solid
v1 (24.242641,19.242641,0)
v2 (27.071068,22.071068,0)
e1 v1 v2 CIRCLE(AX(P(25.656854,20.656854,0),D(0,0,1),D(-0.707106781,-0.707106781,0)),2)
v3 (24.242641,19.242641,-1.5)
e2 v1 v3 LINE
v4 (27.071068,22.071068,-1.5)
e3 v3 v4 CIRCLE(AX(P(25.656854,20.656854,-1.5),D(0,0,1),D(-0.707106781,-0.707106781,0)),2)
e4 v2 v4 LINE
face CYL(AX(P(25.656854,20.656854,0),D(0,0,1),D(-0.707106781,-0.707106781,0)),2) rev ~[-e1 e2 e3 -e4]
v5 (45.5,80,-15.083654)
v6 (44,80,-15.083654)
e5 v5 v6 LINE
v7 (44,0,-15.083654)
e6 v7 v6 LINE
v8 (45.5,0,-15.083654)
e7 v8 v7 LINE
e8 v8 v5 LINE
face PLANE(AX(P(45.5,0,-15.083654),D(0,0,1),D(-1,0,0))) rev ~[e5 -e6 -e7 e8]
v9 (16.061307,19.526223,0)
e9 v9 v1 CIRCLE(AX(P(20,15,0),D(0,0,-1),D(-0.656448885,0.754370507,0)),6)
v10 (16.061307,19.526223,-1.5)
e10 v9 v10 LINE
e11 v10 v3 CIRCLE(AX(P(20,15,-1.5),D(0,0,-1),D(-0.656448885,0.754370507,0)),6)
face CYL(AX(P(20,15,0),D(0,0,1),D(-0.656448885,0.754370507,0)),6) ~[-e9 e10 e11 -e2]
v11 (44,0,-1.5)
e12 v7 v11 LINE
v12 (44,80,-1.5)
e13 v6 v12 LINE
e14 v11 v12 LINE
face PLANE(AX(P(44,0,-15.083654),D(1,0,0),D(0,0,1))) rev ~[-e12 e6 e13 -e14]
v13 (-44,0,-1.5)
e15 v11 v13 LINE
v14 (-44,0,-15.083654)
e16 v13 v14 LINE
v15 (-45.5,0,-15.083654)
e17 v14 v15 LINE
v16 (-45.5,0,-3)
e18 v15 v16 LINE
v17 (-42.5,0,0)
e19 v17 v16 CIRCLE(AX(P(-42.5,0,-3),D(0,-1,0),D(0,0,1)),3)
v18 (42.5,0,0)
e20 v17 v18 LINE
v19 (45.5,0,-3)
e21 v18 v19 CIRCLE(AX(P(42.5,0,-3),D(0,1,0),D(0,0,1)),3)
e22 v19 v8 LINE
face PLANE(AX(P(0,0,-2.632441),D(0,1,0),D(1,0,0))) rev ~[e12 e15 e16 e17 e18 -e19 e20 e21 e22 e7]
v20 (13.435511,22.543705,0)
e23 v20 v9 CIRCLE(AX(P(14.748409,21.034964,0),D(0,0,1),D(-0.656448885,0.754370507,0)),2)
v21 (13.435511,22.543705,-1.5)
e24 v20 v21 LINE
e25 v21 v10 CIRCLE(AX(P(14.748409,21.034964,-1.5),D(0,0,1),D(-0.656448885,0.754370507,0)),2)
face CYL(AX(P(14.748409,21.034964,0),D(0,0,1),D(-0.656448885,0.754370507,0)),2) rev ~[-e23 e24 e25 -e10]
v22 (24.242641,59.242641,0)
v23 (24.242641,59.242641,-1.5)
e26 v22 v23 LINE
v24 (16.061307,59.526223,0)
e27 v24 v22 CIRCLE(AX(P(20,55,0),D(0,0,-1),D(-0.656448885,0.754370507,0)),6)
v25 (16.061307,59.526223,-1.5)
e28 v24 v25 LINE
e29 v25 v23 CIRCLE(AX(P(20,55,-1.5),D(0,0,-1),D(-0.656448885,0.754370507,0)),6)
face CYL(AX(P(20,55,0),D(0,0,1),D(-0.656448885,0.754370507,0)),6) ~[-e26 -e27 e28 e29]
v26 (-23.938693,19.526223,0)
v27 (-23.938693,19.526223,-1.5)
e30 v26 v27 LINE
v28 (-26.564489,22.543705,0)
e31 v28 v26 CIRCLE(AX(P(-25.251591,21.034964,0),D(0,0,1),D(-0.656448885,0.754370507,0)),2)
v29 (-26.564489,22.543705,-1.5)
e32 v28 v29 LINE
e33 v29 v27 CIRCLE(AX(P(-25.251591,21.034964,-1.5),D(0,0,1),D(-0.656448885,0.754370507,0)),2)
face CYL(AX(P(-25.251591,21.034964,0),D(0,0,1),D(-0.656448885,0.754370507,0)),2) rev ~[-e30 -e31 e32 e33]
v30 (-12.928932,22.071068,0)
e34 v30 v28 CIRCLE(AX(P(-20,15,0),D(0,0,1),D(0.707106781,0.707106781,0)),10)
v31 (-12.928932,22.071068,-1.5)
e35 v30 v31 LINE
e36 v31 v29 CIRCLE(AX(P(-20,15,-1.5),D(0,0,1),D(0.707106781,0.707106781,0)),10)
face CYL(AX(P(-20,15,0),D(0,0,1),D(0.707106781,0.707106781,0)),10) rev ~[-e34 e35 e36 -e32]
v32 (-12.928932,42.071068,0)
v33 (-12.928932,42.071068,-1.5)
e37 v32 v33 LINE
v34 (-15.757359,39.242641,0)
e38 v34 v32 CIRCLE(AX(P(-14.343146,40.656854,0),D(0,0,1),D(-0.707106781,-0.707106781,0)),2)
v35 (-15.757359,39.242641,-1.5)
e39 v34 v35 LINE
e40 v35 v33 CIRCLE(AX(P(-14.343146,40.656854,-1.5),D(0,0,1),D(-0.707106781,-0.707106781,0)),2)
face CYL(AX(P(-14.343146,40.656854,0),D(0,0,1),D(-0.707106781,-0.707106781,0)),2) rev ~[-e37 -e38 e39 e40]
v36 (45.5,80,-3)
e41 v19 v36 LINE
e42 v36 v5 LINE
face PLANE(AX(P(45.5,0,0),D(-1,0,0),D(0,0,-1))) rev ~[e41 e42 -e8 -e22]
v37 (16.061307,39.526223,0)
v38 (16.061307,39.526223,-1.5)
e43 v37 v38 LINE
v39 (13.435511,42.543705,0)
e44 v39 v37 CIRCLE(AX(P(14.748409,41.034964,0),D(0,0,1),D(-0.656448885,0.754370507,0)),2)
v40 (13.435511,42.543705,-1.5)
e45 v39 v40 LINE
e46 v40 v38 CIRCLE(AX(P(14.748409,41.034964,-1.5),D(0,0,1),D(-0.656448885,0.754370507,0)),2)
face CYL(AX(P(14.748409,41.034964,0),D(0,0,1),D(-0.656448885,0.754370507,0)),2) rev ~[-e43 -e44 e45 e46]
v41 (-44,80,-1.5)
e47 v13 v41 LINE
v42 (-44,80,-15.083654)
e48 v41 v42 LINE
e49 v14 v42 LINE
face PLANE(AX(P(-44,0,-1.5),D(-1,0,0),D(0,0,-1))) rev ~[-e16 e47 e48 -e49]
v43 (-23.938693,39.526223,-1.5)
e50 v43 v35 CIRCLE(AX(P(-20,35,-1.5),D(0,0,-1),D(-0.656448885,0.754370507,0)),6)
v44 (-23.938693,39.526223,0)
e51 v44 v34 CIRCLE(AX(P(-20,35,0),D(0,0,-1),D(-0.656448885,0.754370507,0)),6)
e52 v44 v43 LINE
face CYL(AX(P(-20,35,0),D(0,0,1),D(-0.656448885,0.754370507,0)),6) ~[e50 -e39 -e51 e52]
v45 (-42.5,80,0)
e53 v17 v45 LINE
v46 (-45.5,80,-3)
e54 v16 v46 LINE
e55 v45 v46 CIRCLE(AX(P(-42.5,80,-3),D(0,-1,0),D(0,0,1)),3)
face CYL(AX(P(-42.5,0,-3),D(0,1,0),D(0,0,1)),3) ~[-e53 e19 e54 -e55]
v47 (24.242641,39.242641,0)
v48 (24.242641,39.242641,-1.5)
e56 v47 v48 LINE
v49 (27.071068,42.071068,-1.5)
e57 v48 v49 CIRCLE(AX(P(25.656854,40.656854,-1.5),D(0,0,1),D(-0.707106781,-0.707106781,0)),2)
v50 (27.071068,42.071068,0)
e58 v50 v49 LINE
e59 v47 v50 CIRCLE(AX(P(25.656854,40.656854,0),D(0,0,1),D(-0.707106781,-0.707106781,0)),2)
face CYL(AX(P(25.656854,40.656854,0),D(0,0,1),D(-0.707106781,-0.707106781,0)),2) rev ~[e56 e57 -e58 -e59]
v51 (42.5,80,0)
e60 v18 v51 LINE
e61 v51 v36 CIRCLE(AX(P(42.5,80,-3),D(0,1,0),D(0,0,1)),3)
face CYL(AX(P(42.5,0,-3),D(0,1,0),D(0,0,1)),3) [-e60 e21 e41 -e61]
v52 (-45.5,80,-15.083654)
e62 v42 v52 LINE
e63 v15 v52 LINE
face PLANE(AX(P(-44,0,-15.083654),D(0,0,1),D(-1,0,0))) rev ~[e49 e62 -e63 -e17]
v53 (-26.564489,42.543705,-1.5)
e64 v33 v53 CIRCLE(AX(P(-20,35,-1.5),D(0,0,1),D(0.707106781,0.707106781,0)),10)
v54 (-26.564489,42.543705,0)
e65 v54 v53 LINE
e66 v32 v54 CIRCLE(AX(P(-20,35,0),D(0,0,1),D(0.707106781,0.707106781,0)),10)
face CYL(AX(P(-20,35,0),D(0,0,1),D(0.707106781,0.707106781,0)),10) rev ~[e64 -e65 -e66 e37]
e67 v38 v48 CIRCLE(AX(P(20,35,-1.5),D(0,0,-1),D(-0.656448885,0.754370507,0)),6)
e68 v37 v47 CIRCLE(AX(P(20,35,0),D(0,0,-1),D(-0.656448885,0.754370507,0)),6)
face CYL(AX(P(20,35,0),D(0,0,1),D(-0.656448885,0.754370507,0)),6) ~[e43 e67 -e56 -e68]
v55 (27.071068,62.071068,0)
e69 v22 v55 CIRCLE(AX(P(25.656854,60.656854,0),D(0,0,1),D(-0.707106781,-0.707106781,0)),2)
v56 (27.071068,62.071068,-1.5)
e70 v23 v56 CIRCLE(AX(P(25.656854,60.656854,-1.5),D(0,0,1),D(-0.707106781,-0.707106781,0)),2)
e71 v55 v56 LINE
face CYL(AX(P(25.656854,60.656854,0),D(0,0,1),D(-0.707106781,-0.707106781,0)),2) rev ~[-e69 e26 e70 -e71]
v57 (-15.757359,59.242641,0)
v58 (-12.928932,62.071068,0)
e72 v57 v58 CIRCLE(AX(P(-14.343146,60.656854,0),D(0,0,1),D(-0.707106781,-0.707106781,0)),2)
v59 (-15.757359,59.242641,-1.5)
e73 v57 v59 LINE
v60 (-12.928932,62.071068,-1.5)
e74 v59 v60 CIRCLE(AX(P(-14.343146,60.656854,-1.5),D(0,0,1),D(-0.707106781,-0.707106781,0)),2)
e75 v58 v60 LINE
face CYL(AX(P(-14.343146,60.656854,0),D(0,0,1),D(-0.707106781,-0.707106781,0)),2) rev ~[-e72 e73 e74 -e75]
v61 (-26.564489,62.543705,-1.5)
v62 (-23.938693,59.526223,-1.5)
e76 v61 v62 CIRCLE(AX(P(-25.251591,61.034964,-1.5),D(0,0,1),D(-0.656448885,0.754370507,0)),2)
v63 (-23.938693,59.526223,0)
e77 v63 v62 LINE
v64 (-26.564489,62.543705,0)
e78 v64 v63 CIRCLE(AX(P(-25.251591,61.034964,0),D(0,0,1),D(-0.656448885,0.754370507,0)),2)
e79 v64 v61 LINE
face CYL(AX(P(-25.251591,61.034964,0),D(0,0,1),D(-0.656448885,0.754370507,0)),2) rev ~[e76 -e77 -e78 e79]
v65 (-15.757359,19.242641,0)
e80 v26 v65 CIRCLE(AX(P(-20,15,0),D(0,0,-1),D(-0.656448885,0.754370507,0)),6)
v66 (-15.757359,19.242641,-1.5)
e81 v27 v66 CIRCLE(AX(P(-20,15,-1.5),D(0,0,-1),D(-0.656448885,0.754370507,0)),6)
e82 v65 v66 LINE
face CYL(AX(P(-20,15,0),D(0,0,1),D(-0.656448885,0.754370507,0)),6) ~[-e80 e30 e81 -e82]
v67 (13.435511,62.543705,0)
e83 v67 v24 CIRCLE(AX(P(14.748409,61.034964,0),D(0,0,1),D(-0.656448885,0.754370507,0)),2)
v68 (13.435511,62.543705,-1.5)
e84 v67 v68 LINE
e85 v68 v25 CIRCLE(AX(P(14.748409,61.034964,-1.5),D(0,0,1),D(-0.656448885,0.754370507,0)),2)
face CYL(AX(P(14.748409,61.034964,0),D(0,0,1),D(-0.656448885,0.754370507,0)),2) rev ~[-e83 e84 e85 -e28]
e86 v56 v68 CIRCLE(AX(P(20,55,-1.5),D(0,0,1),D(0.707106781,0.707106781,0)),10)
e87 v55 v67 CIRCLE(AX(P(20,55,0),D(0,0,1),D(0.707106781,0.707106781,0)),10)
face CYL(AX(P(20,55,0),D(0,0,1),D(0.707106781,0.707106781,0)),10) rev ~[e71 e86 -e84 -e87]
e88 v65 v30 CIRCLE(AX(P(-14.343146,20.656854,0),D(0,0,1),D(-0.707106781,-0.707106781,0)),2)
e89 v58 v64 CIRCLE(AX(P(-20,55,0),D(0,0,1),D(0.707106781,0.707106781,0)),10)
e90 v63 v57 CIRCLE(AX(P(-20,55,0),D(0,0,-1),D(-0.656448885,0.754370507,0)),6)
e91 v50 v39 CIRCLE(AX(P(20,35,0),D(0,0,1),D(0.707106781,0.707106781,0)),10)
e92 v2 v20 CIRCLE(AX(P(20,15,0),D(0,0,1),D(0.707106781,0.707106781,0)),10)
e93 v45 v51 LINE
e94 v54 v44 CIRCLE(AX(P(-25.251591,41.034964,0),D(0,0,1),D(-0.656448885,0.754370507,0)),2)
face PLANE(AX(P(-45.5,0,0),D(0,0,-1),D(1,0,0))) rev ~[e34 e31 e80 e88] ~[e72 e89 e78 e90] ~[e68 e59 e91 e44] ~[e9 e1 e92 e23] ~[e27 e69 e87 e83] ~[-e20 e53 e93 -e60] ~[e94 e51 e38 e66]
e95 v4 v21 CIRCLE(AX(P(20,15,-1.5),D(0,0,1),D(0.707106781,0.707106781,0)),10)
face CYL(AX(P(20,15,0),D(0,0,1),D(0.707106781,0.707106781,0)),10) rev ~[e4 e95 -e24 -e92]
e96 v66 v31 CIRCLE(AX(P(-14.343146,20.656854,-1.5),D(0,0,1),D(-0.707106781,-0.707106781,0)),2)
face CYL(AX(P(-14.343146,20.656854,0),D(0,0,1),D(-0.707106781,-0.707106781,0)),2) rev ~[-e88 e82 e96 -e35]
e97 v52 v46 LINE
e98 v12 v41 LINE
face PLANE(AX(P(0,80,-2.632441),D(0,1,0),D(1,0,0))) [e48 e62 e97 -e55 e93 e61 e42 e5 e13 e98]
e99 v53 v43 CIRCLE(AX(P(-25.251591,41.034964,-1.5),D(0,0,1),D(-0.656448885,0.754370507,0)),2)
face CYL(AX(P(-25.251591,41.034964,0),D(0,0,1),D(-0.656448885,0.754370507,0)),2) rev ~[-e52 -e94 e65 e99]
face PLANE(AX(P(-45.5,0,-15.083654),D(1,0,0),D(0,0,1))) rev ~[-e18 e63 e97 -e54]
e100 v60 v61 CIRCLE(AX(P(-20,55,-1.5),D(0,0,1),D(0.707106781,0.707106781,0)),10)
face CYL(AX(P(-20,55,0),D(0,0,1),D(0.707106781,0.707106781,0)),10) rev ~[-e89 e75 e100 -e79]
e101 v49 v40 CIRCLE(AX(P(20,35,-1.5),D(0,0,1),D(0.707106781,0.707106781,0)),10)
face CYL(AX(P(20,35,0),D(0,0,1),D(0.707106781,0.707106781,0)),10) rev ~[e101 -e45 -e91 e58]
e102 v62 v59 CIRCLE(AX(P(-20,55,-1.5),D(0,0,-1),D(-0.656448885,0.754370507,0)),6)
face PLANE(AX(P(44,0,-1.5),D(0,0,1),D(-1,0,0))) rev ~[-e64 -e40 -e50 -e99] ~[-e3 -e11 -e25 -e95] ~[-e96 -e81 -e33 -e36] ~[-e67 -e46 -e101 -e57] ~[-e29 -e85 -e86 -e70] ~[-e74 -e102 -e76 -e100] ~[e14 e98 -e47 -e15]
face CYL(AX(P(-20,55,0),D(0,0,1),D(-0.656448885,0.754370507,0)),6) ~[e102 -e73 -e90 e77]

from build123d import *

# Parameters (mm, degrees)
BOSS_EXTRUDE1_DEPTH = 80
FILLET1_R           = 3
CUT_EXTRUDE1_DEPTH  = 1.5


with BuildPart() as part:
    # Sketch1 → Boss-Extrude1 (new body)
    with BuildSketch(Plane(origin=(0, 0, 0), x_dir=(1, 0, 0), z_dir=(0, 1, 0))):
        Polygon((-45.5, 0), (45.5, 0), (45.5, 15.083653846), (44, 15.083653846), (44, 1.5), (-44, 1.5), (-44, 15.083653846), (-45.5, 15.083653846), align=None)
    extrude(amount=BOSS_EXTRUDE1_DEPTH)

    # Fillet1
    fillet1_edges = [part.edges().sort_by_distance(p)[0] for p in [
        (45.5, 40, 0),
        (-45.5, 40, 0),
    ]]
    fillet(fillet1_edges, radius=FILLET1_R)

    # Sketch2 → Cut-Extrude1 (cut)
    with BuildSketch(Plane.XY):
        with BuildLine():
            ThreePointArc((-12.928932188, 62.071067812), (-19.653586872, 64.993998096), (-26.564488849, 62.543705068))
            ThreePointArc((-26.564488849, 62.543705068), (-26.760332093, 59.722066284), (-23.938693309, 59.526223041))
            ThreePointArc((-23.938693309, 59.526223041), (-19.792152123, 60.996398858), (-15.757359313, 59.242640687))
            ThreePointArc((-15.757359313, 59.242640687), (-12.928932188, 59.242640687), (-12.928932188, 62.071067812))
        make_face()
        with BuildLine():
            ThreePointArc((27.071067812, 62.071067812), (20.346413128, 64.993998096), (13.435511151, 62.543705068))
            ThreePointArc((13.435511151, 62.543705068), (13.239667907, 59.722066284), (16.061306691, 59.526223041))
            ThreePointArc((16.061306691, 59.526223041), (20.207847877, 60.996398858), (24.242640687, 59.242640687))
            ThreePointArc((24.242640687, 59.242640687), (27.071067812, 59.242640687), (27.071067812, 62.071067812))
        make_face()
        with BuildLine():
            ThreePointArc((27.071067812, 42.071067812), (20.346413128, 44.993998096), (13.435511151, 42.543705068))
            ThreePointArc((13.435511151, 42.543705068), (13.239667907, 39.722066284), (16.061306691, 39.526223041))
            ThreePointArc((16.061306691, 39.526223041), (20.207847877, 40.996398858), (24.242640687, 39.242640687))
            ThreePointArc((24.242640687, 39.242640687), (27.071067812, 39.242640687), (27.071067812, 42.071067812))
        make_face()
        with BuildLine():
            ThreePointArc((27.071067812, 22.071067812), (20.346413128, 24.993998096), (13.435511151, 22.543705068))
            ThreePointArc((13.435511151, 22.543705068), (13.239667907, 19.722066284), (16.061306691, 19.526223041))
            ThreePointArc((16.061306691, 19.526223041), (20.207847877, 20.996398858), (24.242640687, 19.242640687))
            ThreePointArc((24.242640687, 19.242640687), (27.071067812, 19.242640687), (27.071067812, 22.071067812))
        make_face()
        with BuildLine():
            ThreePointArc((-12.928932188, 42.071067812), (-19.653586872, 44.993998096), (-26.564488849, 42.543705068))
            ThreePointArc((-26.564488849, 42.543705068), (-26.760332093, 39.722066284), (-23.938693309, 39.526223041))
            ThreePointArc((-23.938693309, 39.526223041), (-19.792152123, 40.996398858), (-15.757359313, 39.242640687))
            ThreePointArc((-15.757359313, 39.242640687), (-12.928932188, 39.242640687), (-12.928932188, 42.071067812))
        make_face()
        with BuildLine():
            ThreePointArc((-12.928932188, 22.071067812), (-19.653586872, 24.993998096), (-26.564488849, 22.543705068))
            ThreePointArc((-26.564488849, 22.543705068), (-26.760332093, 19.722066284), (-23.938693309, 19.526223041))
            ThreePointArc((-23.938693309, 19.526223041), (-19.792152123, 20.996398858), (-15.757359313, 19.242640687))
            ThreePointArc((-15.757359313, 19.242640687), (-12.928932188, 19.242640687), (-12.928932188, 22.071067812))
        make_face()
    extrude(amount=-CUT_EXTRUDE1_DEPTH, mode=Mode.SUBTRACT)


solid = part.part
